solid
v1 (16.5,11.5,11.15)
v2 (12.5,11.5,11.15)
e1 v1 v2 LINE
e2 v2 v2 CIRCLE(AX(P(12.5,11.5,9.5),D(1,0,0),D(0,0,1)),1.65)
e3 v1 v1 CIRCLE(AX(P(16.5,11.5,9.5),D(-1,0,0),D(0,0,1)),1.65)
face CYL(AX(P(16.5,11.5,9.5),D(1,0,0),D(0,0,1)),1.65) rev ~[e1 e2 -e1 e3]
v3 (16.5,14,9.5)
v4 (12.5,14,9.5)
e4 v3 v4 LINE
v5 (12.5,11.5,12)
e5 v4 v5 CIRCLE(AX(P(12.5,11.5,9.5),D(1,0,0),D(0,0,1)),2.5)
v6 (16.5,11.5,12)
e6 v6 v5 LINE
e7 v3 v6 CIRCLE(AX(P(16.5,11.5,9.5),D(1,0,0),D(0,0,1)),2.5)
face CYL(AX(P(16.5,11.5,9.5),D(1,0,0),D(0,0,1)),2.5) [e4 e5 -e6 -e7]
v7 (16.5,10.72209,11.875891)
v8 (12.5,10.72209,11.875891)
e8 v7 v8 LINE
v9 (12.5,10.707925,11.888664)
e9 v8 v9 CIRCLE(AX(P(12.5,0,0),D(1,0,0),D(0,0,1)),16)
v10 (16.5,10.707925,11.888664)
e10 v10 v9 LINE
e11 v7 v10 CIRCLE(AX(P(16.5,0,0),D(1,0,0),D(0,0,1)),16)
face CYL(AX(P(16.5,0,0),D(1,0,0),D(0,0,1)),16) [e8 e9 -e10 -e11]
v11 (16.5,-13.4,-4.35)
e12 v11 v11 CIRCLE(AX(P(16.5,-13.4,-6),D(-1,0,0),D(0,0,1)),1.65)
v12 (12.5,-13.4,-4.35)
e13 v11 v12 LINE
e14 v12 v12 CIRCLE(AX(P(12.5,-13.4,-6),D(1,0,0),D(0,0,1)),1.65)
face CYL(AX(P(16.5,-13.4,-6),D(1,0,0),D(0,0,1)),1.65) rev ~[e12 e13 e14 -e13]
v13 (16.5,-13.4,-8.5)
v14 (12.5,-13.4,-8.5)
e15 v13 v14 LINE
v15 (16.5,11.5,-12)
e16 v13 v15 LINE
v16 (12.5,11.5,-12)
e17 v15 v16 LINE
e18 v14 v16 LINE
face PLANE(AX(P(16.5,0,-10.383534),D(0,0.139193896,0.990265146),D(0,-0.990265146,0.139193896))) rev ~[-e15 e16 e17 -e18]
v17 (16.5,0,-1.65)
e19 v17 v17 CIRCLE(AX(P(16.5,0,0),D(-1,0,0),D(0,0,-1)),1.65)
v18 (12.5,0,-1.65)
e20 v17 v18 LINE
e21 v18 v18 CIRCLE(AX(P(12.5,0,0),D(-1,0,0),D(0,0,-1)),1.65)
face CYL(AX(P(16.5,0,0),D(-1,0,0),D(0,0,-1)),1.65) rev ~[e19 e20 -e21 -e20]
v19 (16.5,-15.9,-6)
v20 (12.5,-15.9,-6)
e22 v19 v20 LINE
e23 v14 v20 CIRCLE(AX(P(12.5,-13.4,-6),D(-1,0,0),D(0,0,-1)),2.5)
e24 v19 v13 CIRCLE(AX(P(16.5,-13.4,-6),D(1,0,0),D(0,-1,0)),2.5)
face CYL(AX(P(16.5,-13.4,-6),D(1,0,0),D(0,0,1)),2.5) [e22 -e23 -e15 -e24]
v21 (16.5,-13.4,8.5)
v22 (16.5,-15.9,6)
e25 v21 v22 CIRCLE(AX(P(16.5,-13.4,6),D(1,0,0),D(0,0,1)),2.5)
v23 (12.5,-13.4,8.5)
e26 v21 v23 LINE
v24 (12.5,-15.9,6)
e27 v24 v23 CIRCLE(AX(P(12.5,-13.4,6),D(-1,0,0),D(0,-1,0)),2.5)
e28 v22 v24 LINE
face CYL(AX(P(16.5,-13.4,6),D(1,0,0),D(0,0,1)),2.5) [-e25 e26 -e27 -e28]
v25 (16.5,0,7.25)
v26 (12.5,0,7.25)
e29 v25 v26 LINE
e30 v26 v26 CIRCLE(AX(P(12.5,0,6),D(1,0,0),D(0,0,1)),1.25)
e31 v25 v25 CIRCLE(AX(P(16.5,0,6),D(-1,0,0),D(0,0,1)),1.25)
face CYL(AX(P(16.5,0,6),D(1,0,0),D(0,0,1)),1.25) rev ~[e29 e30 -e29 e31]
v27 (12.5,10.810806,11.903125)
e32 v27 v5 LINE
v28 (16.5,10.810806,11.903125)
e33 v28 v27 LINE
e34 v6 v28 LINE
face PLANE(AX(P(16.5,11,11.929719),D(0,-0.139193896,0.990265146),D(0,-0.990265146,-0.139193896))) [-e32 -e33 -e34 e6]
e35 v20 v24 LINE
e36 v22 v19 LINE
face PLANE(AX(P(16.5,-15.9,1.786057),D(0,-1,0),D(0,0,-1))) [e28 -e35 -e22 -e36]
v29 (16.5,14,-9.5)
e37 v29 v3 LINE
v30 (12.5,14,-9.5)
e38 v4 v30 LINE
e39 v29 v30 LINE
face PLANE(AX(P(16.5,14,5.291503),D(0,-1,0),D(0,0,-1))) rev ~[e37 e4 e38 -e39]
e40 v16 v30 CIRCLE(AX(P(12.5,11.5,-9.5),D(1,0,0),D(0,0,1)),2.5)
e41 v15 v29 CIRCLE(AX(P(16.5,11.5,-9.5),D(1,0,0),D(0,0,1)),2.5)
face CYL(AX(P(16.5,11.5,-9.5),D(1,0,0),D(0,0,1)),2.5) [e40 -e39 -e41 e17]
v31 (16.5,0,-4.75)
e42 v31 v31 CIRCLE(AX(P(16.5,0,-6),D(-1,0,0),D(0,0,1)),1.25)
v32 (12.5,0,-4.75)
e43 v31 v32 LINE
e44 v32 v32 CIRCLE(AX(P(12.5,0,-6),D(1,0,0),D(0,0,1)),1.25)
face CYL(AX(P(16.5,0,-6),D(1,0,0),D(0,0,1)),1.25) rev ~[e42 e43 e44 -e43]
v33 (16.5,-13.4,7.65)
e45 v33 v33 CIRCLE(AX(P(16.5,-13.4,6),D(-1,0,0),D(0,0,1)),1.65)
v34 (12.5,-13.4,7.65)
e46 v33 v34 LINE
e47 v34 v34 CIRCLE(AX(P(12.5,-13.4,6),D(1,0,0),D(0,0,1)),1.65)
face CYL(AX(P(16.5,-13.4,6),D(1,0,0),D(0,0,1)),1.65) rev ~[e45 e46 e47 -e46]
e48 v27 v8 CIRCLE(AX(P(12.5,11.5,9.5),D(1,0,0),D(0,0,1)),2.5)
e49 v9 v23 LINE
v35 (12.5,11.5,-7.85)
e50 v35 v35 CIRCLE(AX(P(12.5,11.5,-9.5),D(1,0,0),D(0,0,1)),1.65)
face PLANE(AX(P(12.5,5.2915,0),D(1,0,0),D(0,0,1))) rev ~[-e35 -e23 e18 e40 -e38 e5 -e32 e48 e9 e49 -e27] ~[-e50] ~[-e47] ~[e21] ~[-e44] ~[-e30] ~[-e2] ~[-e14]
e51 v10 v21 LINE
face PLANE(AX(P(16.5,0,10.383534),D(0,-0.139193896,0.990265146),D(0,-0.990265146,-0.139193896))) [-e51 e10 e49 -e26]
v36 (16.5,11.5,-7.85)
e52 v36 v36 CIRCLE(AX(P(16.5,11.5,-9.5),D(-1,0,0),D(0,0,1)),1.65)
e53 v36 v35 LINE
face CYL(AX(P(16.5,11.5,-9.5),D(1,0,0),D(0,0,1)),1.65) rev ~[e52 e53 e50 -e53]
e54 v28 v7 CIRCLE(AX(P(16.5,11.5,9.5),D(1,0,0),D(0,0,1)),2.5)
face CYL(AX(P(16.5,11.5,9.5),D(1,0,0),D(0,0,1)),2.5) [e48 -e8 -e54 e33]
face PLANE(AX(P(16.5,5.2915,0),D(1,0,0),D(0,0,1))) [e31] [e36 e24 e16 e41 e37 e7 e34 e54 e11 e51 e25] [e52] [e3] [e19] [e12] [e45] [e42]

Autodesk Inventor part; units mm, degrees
ref_plane "YZ Plane" through (0, 0, 0) normal (1, 0, 0) x (0, 1, 0)
ref_plane "XZ Plane" through (0, 0, 0) normal (0, 1, 0) x (-1, 0, 0)
ref_plane "XY Plane" through (0, 0, 0) normal (0, 0, 1) x (1, 0, 0)
sketch "スケッチ2" plane through (0, 0, 0) normal (0, 1, 0) x (-1, 0, 0)
  line L0 (-32.5, -11.25) -> (32.5, -11.25)
  line L1 (32.5, -11.25) -> (32.5, 11.25)
  line L2 (32.5, 11.25) -> (-32.5, 11.25)
  line L3 (-32.5, 11.25) -> (-32.5, -11.25)
  line L4 (-32.5, -11.25) -> (32.5, 11.25) construction
  line L5 (32.5, -11.25) -> (-32.5, 11.25) construction
  line L6 (-30, -8.75) -> (30, -8.75)
  line L7 (30, -8.75) -> (30, 8.75)
  line L8 (30, 8.75) -> (-30, 8.75)
  line L9 (-30, 8.75) -> (-30, -8.75)
  line L10 (-30, -8.75) -> (30, 8.75) construction
  line L11 (30, -8.75) -> (-30, 8.75) construction
  circle A0 centre (30, 8.75) radius 2.5
  circle A1 centre (30, -8.75) radius 2.5
  circle A2 centre (-30, 8.75) radius 2.5
  circle A3 centre (-30, -8.75) radius 2.5
  line L12 (-115, -18.25) -> (115, -18.25)
  line L13 (115, -18.25) -> (115, 18.25)
  line L14 (115, 18.25) -> (-115, 18.25)
  line L15 (-115, 18.25) -> (-115, -18.25)
  line L16 (-115, -18.25) -> (115, 18.25) construction
  line L17 (115, -18.25) -> (-115, 18.25) construction
  line L18 (-95, -18.25) -> (95, -18.25)
  line L19 (95, -18.25) -> (95, 18.25)
  line L20 (95, 18.25) -> (-95, 18.25)
  line L21 (-95, 18.25) -> (-95, -18.25)
  line L22 (-95, -18.25) -> (95, 18.25) construction
  line L23 (95, -18.25) -> (-95, 18.25) construction
  point P0 (0, 0)
  dimension "d10" = 65
  dimension "d11" = 22.5
  dimension "d12" = 60
  dimension "d13" = 17.5
  dimension "d14" = 230
  dimension "d15" = 36.5
  dimension "d16" = 190
sketch "スケッチ4" plane through (0, 0, 0) normal (1, 0, 0) x (0, 1, 0)
  point P0 (0, 0)
sketch "スケッチ5" plane through (0, 0, 0) normal (1, 0, 0) x (0, 1, 0)
  circle A0 centre (0, 0) radius 18.25
  line L0 (0, 0) -> (0, 6)
  line L1 (0, 6) -> (0, -6)
  circle A1 centre (0, 6) radius 3
  circle A2 centre (0, -6) radius 9
  circle A3 centre (0, 6) radius 9
  circle A4 centre (0, -6) radius 3
  line L2 (0, 6) -> (5.2915, 0)
  circle A5 centre (5.2915, 0) radius 5
  circle A6 centre (5.2915, 0) radius 4.5
  circle A7 centre (5.2915, 0) radius 5.5
  line L3 (0, 0) -> (0, 11.25)
  line L4 (0, 11.25) -> (0, -11.25)
  line L5 (5.2915, 5.5) -> (5.2915, -5.5)
  line L6 (0, 11.25) -> (-1.2, 11.25)
  line L7 (-1.2, 11.25) -> (-1.2, -11.25)
  line L8 (-1.2, -11.25) -> (0, -11.25)
  line L9 (-1.2, 11.25) -> (-9.2, 11.25)
  line L10 (-1.2, -11.25) -> (-9.2, -11.25)
  line L11 (-9.2, -11.25) -> (-9.2, 11.25)
  line L12 (-9.2, 11.25) -> (-10.4, 11.25)
  line L13 (-10.4, 11.25) -> (-10.4, -11.25)
  line L14 (-10.4, -11.25) -> (-9.2, -11.25)
  circle A8 centre (0, 0) radius 16
  line L15 (0, 11.25) -> (1.5, 11.25)
  line L16 (1.5, 11.25) -> (1.5, -11.25)
  line L17 (1.5, -11.25) -> (0, -11.25)
  line L18 (5.2915, 5.5) -> (1.5, 5.5)
  line L19 (5.2915, -5.5) -> (1.5, -5.5)
  circle A9 centre (5.2915, 0) radius 6.6802
  point P0 (0, 1.5)
  point P1 (0, -1.5)
  point P2 (1.5, -3.9843)
  point P3 (1.5, 3.9843)
  dimension "d28" = 36.5
  dimension "d29" = 6
  dimension "d30" = 12
  dimension "d31" = 6
  dimension "d32" = 18
  dimension "d33" = 8
  dimension "d34" = 9
  dimension "d35" = 11
  dimension "d36" = 11.25
  dimension "d37" = 22.5
  dimension "d39" = 1.2
  dimension "d40" = 8
  dimension "d41" = 1.2
  dimension "d42" = 32
  dimension "d43" = 1.5
ref_plane "作業平面1" through (16.5, 5.2915, 0) normal (1, 0, 0) x (0, 0, 1)
sketch "スケッチ6" plane through (16.5, 5.2915, 0) normal (1, 0, 0) x (0, 0, 1)
  line L0 (0, 5.2915) -> (6, 5.2915)
  line L1 (-11.25, 5.2915) -> (11.25, 5.2915) projected
  line L2 (6, 5.2915) -> (-6, 5.2915)
  circle A0 centre (6, 5.2915) radius 1.25
  circle A1 centre (-6, 5.2915) radius 1.25
  circle A2 centre (0, 5.2915) radius 16
  circle A3 centre (0, 0) radius 5
  line L3 (0, 0) -> (0, 3)
  line L4 (0, 3) -> (0, -5.5)
  arc A4 (-5.5, 0) -> (5.5, 0) centre (0, 0) ccw projected
  line L5 (0, 3) -> (1, 3)
  line L6 (1, 3) -> (-1, 3)
  line L7 (-1, 3) -> (-1, -5.4083)
  line L8 (1, 3) -> (1, -5.4083)
  circle A5 centre (6, 5.2915) radius 9
  circle A6 centre (-6, 5.2915) radius 9
  line L9 (0, 5.2915) -> (0, -2.7085)
  circle A7 centre (0, -2.7085) radius 8
  circle A8 centre (6, 5.2915) radius 10
  circle A9 centre (-6, 5.2915) radius 10
  line L10 (0, 5.2915) -> (0, -5.7085)
  line L11 (0, -5.7085) -> (-11.619, -5.7085)
  line L12 (0, -5.7085) -> (11.619, -5.7085)
  line L13 (0, -5.7085) -> (9.5, -5.7085)
  line L14 (9.5, -5.7085) -> (-9.5, -5.7085)
  circle A10 centre (0, 5.2915) radius 18
  line L15 (1, -5.4083) -> (1, -8.2085)
  line L16 (-1, -5.4083) -> (-1, -8.2085)
  line L17 (0, 5.2915) -> (0, 6.4915)
  line L18 (0, 6.4915) -> (0, 14.4915)
  line L19 (0, 14.4915) -> (0, 15.6915)
  line L20 (0, 15.6915) -> (-11.25, 15.6915)
  line L21 (-11.25, 15.6915) -> (11.25, 15.6915)
  line L22 (11.25, 15.6915) -> (11.25, 14.4915)
  line L23 (11.25, 14.4915) -> (0, 14.4915)
  line L24 (-11.25, 14.4915) -> (-11.25, 15.6915)
  line L25 (0, 14.4915) -> (-11.25, 14.4915)
  line L26 (0, 15.6915) -> (8.75, 15.6915)
  line L27 (8.75, 15.6915) -> (-8.75, 15.6915)
  line L28 (11.25, 15.6915) -> (11.25, 17.1915)
  line L29 (11.25, 17.1915) -> (-11.25, 17.1915)
  line L30 (-11.25, 17.1915) -> (-11.25, 15.6915)
  line L31 (6, 17.1915) -> (6, 18.6915)
  line L32 (-6, 17.1915) -> (-6, 18.6915)
  circle A11 centre (6, 18.6915) radius 2.5
  circle A12 centre (-6, 18.6915) radius 2.5
  line L33 (6, 21.1915) -> (-6, 21.1915)
  line L34 (9.5, -5.7085) -> (12, -5.7085)
  line L35 (-9.5, -5.7085) -> (-12, -5.7085)
  line L36 (6, 18.6915) -> (8.5, 18.6915)
  line L37 (-6, 18.6915) -> (-8.5, 18.6915)
  circle A13 centre (0, 0) radius 4.5
  circle A14 centre (-6, 5.2915) radius 1.5
  circle A15 centre (6, 5.2915) radius 1.5
  circle A16 centre (6, 18.6915) radius 1.65
  circle A17 centre (-6, 18.6915) radius 1.65
  line L38 (9.5, -5.7085) -> (9.5, -6.2085)
  line L39 (9.5, -6.2085) -> (-9.5, -6.2085)
  line L40 (-9.5, -6.2085) -> (-9.5, -5.7085)
  circle A18 centre (-9.5, -6.2085) radius 1.65
  circle A19 centre (9.5, -6.2085) radius 1.65
  circle A20 centre (9.5, -6.2085) radius 2.5
  circle A21 centre (-9.5, -6.2085) radius 2.5
  line L41 (-12, -6.2085) -> (-8.5, 18.6915)
  line L42 (12, -6.2085) -> (8.5, 18.6915)
  line L43 (9.5, -8.7085) -> (-9.5, -8.7085)
  line L44 (1, -8.7085) -> (1, -8.0358)
  line L45 (-1, -8.7085) -> (-1, -8.2085)
  point P0 (1, -4.3875)
  point P1 (-1, -4.3875)
  point P2 (-4.4567, 20.6583)
  point P3 (-8.495, 18.8501)
  point P4 (4.4567, 20.6583)
  point P5 (8.495, 18.8501)
  point P6 (1.7861, 21.1915)
  point P7 (-1.7861, 21.1915)
  point P8 (11.9031, -5.5193)
  point P9 (11.8759, -5.4306)
  point P10 (11.8887, -5.4164)
  dimension "d54" = 6
  dimension "d55" = 12
  dimension "d56" = 2.5
  dimension "d57" = 2.5
  dimension "d58" = 32
  dimension "d59" = 10
  dimension "d60" = 3
  dimension "d61" = 1
  dimension "d62" = 2
  dimension "d65" = 18
  dimension "d66" = 18
  dimension "d67" = 8
  dimension "d68" = 11
  dimension "d69" = 9.5
  dimension "d70" = 19
  dimension "d73" = 36
  dimension "d76" = 1.2
  dimension "d77" = 8
  dimension "d78" = 1.2
  dimension "d79" = 8.75
  dimension "d80" = 17.5
  dimension "d81" = 1.5
  dimension "d82" = 1.5
  dimension "d83" = 5
  dimension "d84" = 5
  dimension "d97" = 3
  dimension "d98" = 3
  dimension "d109" = 3.3
  dimension "d110" = 3.3
  dimension "d111" = 0.5
  dimension "d112" = 3.3
  dimension "d113" = 3.3
  dimension "d114" = 5
  dimension "d115" = 5
extrude "押し出し11" add sketch "スケッチ6" against normal blind 4 contours L17 L18 A6 L0 | A7 A5 L1 | A7 A6 A3 L9 | L0 A6 A7 | L9 A3 A5 A7 | L1 A5 L18 L17 | A6 A5 A9 L0 | L0 A9 A7 A6 | A5 A7 A8 L1 | L1 A8 A6 A5 | L9 A13 A5 A3 | A3 A6 A13 L9 | A7 A9 A3 A6 | A5 A3 A8 A7 | A9 A5 L42 L1 A15 L0 | L0 A15 L1 L42 A5 A7 A9 | L18 A9 A5 | A6 A8 L18 | A8 A7 A6 L41 L1 A14 | L1 A14 L41 A6 A8 | A3 A9 A13 A6 | A5 A13 A8 A3 | A13 A6 L8 L5 L9 | L9 L6 L7 A5 A13 | A7 A5 A3 A9 | A8 A3 A6 A7 | A15 L1 A0 L0 | L0 A0 L1 A15 | A9 A8 L23 L42 A5 | A6 L41 L25 A9 A8 | L18 L23 A8 | A9 L25 L18 | A14 L1 A1 | L1 A1 A14 | A3 A5 A13 A9 | A13 A9 L8 A6 | A8 A13 A6 A3 | A5 L7 A8 A13 | L5 L8 A6 L4 L3 | L3 L4 A5 L7 L6 | A7 A21 A9 L41 A6 | A6 A4 A9 A21 A7 | L23 L19 L21 L42 A8 | A8 L42 L23 | L25 L41 A9 | A9 L41 L20 L19 L25 | A13 A5 L8 A9 | L8 A9 A5 A6 | A6 A13 A9 A3 | A3 A9 A4 A6 | A8 L7 A6 A13 | A5 A6 A8 L7 | A7 A20 A8 A4 A5 | A5 L42 A8 A20 A7 | A21 A9 A7 | A7 A9 A21 | L20 L41 L29 A12 A11 L42 L21 | A5 A4 A8 A3 | A3 A8 A13 A5 | L8 A5 A9 | A5 A9 L4 | L4 A8 A6 | A9 A13 L7 A3 | A3 L7 A4 A9 | A6 L7 A9 A13 | A8 A6 L7 | A20 A8 A7 | A7 A8 A20 | A9 A21 A2 L41 | A4 L16 L11 A21 A9 | A9 A21 L11 A7 | A7 L11 A18 A2 A21 A9 | A8 A4 L8 A3 | A3 L8 A13 A8 | A13 A8 L8 A5 | L8 A8 A9 A5 | A8 L8 A13 L4 | A9 L7 A6 A8 | L4 A13 L7 A9 | L7 A13 L4 A3 | A3 L4 A4 L7 | A9 L7 A13 | A8 A20 L12 L15 A4 | L42 A2 A20 A8 | A8 A20 A2 L12 A19 A7 | A7 L12 A20 A8 | A2 A21 L41 | A4 L10 L11 L16 | L11 A21 L39 A7 | A7 L39 A18 L11 | L11 L16 L39 A21 | A2 L35 L41 A21 | L29 A11 L42 | L41 A12 L29 | L8 A4 L4 A3 | A3 L4 A13 L8 | A13 L8 A8 | L15 L12 L10 A4 | L12 A19 L39 A7 | A7 L39 A20 L12 | A20 L42 L34 A2 | A20 L39 L15 L12 | L11 L12 L15 L39 L16 | L39 A21 A7 | A7 A21 A2 A18 L39 | L39 L16 L45 L43 A7 A21 | L11 A18 A2 | A2 A18 A21 L41 L35 | A11 L29 A16 | L29 A16 L36 A11 | L36 A16 A2 A11 | A12 L37 A17 L29 | L29 A17 A12 | A12 A2 A17 L37 | L39 A19 A2 A20 A7 | A7 A20 L39 | L34 L42 A20 A2 A19 | A2 A19 L12 | A20 A7 L43 L44 L15 L39 | L39 L15 L44 L43 L45 L16 | A7 L43 A2 A21 | A2 A16 A11 | A11 A2 A16 L29 | L29 A12 A2 L33 A11 | L29 A17 A2 A12 | A12 A2 A17 | A20 A2 L43 A7 | A2 L43 A21 | A11 A2 L33 | L33 A2 A12 | A20 L43 A2 picked at (5.1751, 14.7127) picked at (-5.1751, 14.7127)
hole "穴2" at (16.5, 0, 0) direction (-1, 0, 0) diameter 3.3 end through all
properties part number "ikafly1b"
